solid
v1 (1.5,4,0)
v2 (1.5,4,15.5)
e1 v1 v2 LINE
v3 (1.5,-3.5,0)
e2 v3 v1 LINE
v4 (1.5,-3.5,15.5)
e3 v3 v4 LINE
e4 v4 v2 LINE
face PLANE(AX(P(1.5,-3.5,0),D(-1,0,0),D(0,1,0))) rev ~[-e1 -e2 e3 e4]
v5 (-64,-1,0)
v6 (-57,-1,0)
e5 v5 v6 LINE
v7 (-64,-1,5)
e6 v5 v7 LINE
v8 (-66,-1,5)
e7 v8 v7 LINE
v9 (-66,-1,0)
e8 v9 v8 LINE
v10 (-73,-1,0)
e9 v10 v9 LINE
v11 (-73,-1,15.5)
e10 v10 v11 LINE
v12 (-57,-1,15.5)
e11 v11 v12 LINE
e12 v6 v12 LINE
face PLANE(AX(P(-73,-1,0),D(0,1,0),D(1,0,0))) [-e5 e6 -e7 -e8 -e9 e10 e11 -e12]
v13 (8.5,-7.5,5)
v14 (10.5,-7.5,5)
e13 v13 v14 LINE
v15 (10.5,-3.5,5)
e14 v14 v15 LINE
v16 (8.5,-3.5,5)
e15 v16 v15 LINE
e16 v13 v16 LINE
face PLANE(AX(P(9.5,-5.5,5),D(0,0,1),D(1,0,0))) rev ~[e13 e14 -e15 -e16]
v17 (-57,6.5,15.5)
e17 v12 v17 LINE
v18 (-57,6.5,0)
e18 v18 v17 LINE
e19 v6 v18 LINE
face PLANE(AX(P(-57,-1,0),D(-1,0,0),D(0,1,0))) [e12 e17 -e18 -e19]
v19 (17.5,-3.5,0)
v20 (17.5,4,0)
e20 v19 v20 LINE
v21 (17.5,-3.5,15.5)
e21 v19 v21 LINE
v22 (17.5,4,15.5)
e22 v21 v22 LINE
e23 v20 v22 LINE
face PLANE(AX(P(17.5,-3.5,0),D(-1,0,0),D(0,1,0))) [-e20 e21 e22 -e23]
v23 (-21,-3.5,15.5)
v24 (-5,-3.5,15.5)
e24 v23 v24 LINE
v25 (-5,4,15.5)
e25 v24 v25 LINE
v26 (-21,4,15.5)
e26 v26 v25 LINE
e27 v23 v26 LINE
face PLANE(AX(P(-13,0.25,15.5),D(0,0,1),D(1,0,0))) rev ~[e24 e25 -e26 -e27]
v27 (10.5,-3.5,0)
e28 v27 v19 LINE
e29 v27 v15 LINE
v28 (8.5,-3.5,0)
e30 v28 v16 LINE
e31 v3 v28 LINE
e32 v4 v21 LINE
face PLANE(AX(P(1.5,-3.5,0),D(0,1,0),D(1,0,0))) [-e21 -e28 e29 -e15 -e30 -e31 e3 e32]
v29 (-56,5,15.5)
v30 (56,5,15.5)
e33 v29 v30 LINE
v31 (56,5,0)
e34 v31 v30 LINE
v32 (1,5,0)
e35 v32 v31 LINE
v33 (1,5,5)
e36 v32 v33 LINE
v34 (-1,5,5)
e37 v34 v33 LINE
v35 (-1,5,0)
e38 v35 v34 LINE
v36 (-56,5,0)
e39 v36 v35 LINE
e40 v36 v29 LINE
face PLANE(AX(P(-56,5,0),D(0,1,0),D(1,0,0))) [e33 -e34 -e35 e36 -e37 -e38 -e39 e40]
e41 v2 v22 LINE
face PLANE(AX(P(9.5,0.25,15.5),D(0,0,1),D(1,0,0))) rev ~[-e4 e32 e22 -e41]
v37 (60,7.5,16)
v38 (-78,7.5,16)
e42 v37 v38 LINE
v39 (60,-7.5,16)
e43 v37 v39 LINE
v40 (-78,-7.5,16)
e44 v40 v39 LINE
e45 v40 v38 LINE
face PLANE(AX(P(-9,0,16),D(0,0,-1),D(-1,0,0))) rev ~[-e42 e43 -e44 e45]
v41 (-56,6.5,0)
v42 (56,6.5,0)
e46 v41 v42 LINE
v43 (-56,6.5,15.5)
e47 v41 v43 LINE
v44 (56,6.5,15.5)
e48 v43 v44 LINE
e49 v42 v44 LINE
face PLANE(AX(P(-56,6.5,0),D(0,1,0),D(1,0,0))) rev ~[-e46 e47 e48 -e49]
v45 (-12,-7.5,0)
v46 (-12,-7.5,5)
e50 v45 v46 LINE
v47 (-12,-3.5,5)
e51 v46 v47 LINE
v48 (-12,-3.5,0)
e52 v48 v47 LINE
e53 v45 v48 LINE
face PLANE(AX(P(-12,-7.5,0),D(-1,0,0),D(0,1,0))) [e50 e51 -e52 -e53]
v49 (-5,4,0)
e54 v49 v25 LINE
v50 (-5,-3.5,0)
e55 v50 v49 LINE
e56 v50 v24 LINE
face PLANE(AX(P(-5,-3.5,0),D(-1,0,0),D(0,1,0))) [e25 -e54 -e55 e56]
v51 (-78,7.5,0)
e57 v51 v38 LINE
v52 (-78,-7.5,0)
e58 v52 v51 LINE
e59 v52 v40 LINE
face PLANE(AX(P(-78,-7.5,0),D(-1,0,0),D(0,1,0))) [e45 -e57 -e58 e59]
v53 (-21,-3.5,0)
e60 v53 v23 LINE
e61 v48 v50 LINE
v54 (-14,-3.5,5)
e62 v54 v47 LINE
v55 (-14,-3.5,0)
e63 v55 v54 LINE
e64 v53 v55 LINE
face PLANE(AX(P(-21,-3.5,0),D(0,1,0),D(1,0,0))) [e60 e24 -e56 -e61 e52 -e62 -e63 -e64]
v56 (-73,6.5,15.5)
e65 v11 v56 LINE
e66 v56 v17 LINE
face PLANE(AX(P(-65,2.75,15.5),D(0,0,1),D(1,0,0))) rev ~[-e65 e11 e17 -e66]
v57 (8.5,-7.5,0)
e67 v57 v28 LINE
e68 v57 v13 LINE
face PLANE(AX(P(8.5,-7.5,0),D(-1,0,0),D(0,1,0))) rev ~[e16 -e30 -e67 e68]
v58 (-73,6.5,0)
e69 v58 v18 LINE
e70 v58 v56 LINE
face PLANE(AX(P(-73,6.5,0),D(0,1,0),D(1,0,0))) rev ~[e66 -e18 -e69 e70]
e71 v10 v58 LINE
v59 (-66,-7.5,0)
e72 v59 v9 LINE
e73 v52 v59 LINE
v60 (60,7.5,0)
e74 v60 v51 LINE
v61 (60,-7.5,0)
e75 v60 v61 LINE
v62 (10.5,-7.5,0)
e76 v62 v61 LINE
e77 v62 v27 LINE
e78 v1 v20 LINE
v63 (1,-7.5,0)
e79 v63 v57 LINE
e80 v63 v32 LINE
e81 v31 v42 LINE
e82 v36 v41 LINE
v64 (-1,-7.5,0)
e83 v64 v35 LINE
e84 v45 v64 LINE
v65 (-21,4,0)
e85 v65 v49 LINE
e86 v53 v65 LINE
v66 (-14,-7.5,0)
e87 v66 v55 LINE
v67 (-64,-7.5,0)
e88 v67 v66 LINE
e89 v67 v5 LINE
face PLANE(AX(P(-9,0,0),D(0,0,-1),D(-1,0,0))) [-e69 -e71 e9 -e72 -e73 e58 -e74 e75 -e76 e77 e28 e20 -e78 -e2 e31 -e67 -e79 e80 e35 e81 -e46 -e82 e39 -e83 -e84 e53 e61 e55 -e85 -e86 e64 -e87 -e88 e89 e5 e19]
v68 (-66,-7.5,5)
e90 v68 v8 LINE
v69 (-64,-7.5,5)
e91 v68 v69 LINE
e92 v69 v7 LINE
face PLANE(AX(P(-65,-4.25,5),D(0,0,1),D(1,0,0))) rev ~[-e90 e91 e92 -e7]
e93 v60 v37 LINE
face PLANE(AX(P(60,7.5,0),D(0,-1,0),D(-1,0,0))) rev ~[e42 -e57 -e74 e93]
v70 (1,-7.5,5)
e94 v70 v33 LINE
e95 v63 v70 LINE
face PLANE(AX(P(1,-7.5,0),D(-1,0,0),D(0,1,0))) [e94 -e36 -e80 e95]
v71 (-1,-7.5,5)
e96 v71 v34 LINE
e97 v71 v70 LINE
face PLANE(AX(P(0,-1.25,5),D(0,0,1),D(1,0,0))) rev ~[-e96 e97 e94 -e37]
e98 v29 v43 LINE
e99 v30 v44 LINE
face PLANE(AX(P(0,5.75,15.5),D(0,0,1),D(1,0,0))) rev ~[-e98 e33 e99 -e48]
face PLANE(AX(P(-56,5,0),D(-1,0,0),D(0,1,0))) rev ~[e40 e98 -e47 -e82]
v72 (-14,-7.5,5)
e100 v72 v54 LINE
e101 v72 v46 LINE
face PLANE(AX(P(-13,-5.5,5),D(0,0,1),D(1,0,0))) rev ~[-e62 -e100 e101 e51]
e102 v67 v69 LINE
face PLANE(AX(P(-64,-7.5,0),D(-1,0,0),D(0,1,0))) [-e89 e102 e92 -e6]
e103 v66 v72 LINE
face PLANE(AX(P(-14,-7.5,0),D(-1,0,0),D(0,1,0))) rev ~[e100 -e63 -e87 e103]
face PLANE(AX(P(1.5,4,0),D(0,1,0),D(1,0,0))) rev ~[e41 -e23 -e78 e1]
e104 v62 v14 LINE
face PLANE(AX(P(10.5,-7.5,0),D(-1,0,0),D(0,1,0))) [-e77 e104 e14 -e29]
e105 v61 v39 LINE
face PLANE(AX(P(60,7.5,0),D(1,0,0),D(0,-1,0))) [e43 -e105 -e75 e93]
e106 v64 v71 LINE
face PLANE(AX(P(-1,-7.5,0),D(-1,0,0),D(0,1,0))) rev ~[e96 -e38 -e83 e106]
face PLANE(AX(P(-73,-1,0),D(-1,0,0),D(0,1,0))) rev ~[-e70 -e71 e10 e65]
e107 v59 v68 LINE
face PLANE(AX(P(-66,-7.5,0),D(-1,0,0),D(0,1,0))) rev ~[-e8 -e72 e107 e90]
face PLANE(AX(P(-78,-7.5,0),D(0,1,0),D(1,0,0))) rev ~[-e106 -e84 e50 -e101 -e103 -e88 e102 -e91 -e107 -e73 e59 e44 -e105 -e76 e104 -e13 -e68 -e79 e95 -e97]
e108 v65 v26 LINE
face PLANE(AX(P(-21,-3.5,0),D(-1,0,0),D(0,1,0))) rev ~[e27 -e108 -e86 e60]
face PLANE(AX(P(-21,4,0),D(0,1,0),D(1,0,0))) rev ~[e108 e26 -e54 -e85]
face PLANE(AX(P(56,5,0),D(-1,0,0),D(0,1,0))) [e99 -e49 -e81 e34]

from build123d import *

# Parameters (mm, degrees)
PAD_DEPTH       = 16
SKETCH001_W     = 112
SKETCH001_H     = 1.5
SKETCH001_W_2   = 16
SKETCH001_H_2   = 7.5
POCKET_DEPTH    = 15.5
SKETCH002_W     = 2
SKETCH002_H     = 12.5
SKETCH002_H_2   = 4
SKETCH002_H_3   = 6.5
POCKET001_DEPTH = 5


with BuildPart() as part:
    # Sketch → Pad (new body)
    with BuildSketch(Plane.XY):
        Polygon((-60, 7.5), (60, 7.5), (60, -7.5), (-60, -7.5), (-78, -7.5), (-78, 7.5), align=None)
    extrude(amount=PAD_DEPTH)

    # Sketch001 → Pocket (cut)
    with BuildSketch(Plane.XY):
        with Locations((0, 5.75)):
            Rectangle(SKETCH001_W, SKETCH001_H)
        with Locations((9.5, 0.25)):
            Rectangle(SKETCH001_W_2, SKETCH001_H_2)
        with Locations((-13, 0.25)):
            Rectangle(SKETCH001_W_2, SKETCH001_H_2)
        with Locations((-65, 2.75)):
            Rectangle(SKETCH001_W_2, SKETCH001_H_2)
    extrude(amount=POCKET_DEPTH, mode=Mode.SUBTRACT)

    # Sketch002 → Pocket001 (cut)
    with BuildSketch(Plane.XY):
        with Locations((0, -1.25)):
            Rectangle(SKETCH002_W, SKETCH002_H)
        with Locations((-13, -5.5)):
            Rectangle(SKETCH002_W, SKETCH002_H_2)
        with Locations((9.5, -5.5)):
            Rectangle(SKETCH002_W, SKETCH002_H_2)
        with Locations((-65, -4.25)):
            Rectangle(SKETCH002_W, SKETCH002_H_3)
    extrude(amount=POCKET001_DEPTH, mode=Mode.SUBTRACT)


solid = part.part
